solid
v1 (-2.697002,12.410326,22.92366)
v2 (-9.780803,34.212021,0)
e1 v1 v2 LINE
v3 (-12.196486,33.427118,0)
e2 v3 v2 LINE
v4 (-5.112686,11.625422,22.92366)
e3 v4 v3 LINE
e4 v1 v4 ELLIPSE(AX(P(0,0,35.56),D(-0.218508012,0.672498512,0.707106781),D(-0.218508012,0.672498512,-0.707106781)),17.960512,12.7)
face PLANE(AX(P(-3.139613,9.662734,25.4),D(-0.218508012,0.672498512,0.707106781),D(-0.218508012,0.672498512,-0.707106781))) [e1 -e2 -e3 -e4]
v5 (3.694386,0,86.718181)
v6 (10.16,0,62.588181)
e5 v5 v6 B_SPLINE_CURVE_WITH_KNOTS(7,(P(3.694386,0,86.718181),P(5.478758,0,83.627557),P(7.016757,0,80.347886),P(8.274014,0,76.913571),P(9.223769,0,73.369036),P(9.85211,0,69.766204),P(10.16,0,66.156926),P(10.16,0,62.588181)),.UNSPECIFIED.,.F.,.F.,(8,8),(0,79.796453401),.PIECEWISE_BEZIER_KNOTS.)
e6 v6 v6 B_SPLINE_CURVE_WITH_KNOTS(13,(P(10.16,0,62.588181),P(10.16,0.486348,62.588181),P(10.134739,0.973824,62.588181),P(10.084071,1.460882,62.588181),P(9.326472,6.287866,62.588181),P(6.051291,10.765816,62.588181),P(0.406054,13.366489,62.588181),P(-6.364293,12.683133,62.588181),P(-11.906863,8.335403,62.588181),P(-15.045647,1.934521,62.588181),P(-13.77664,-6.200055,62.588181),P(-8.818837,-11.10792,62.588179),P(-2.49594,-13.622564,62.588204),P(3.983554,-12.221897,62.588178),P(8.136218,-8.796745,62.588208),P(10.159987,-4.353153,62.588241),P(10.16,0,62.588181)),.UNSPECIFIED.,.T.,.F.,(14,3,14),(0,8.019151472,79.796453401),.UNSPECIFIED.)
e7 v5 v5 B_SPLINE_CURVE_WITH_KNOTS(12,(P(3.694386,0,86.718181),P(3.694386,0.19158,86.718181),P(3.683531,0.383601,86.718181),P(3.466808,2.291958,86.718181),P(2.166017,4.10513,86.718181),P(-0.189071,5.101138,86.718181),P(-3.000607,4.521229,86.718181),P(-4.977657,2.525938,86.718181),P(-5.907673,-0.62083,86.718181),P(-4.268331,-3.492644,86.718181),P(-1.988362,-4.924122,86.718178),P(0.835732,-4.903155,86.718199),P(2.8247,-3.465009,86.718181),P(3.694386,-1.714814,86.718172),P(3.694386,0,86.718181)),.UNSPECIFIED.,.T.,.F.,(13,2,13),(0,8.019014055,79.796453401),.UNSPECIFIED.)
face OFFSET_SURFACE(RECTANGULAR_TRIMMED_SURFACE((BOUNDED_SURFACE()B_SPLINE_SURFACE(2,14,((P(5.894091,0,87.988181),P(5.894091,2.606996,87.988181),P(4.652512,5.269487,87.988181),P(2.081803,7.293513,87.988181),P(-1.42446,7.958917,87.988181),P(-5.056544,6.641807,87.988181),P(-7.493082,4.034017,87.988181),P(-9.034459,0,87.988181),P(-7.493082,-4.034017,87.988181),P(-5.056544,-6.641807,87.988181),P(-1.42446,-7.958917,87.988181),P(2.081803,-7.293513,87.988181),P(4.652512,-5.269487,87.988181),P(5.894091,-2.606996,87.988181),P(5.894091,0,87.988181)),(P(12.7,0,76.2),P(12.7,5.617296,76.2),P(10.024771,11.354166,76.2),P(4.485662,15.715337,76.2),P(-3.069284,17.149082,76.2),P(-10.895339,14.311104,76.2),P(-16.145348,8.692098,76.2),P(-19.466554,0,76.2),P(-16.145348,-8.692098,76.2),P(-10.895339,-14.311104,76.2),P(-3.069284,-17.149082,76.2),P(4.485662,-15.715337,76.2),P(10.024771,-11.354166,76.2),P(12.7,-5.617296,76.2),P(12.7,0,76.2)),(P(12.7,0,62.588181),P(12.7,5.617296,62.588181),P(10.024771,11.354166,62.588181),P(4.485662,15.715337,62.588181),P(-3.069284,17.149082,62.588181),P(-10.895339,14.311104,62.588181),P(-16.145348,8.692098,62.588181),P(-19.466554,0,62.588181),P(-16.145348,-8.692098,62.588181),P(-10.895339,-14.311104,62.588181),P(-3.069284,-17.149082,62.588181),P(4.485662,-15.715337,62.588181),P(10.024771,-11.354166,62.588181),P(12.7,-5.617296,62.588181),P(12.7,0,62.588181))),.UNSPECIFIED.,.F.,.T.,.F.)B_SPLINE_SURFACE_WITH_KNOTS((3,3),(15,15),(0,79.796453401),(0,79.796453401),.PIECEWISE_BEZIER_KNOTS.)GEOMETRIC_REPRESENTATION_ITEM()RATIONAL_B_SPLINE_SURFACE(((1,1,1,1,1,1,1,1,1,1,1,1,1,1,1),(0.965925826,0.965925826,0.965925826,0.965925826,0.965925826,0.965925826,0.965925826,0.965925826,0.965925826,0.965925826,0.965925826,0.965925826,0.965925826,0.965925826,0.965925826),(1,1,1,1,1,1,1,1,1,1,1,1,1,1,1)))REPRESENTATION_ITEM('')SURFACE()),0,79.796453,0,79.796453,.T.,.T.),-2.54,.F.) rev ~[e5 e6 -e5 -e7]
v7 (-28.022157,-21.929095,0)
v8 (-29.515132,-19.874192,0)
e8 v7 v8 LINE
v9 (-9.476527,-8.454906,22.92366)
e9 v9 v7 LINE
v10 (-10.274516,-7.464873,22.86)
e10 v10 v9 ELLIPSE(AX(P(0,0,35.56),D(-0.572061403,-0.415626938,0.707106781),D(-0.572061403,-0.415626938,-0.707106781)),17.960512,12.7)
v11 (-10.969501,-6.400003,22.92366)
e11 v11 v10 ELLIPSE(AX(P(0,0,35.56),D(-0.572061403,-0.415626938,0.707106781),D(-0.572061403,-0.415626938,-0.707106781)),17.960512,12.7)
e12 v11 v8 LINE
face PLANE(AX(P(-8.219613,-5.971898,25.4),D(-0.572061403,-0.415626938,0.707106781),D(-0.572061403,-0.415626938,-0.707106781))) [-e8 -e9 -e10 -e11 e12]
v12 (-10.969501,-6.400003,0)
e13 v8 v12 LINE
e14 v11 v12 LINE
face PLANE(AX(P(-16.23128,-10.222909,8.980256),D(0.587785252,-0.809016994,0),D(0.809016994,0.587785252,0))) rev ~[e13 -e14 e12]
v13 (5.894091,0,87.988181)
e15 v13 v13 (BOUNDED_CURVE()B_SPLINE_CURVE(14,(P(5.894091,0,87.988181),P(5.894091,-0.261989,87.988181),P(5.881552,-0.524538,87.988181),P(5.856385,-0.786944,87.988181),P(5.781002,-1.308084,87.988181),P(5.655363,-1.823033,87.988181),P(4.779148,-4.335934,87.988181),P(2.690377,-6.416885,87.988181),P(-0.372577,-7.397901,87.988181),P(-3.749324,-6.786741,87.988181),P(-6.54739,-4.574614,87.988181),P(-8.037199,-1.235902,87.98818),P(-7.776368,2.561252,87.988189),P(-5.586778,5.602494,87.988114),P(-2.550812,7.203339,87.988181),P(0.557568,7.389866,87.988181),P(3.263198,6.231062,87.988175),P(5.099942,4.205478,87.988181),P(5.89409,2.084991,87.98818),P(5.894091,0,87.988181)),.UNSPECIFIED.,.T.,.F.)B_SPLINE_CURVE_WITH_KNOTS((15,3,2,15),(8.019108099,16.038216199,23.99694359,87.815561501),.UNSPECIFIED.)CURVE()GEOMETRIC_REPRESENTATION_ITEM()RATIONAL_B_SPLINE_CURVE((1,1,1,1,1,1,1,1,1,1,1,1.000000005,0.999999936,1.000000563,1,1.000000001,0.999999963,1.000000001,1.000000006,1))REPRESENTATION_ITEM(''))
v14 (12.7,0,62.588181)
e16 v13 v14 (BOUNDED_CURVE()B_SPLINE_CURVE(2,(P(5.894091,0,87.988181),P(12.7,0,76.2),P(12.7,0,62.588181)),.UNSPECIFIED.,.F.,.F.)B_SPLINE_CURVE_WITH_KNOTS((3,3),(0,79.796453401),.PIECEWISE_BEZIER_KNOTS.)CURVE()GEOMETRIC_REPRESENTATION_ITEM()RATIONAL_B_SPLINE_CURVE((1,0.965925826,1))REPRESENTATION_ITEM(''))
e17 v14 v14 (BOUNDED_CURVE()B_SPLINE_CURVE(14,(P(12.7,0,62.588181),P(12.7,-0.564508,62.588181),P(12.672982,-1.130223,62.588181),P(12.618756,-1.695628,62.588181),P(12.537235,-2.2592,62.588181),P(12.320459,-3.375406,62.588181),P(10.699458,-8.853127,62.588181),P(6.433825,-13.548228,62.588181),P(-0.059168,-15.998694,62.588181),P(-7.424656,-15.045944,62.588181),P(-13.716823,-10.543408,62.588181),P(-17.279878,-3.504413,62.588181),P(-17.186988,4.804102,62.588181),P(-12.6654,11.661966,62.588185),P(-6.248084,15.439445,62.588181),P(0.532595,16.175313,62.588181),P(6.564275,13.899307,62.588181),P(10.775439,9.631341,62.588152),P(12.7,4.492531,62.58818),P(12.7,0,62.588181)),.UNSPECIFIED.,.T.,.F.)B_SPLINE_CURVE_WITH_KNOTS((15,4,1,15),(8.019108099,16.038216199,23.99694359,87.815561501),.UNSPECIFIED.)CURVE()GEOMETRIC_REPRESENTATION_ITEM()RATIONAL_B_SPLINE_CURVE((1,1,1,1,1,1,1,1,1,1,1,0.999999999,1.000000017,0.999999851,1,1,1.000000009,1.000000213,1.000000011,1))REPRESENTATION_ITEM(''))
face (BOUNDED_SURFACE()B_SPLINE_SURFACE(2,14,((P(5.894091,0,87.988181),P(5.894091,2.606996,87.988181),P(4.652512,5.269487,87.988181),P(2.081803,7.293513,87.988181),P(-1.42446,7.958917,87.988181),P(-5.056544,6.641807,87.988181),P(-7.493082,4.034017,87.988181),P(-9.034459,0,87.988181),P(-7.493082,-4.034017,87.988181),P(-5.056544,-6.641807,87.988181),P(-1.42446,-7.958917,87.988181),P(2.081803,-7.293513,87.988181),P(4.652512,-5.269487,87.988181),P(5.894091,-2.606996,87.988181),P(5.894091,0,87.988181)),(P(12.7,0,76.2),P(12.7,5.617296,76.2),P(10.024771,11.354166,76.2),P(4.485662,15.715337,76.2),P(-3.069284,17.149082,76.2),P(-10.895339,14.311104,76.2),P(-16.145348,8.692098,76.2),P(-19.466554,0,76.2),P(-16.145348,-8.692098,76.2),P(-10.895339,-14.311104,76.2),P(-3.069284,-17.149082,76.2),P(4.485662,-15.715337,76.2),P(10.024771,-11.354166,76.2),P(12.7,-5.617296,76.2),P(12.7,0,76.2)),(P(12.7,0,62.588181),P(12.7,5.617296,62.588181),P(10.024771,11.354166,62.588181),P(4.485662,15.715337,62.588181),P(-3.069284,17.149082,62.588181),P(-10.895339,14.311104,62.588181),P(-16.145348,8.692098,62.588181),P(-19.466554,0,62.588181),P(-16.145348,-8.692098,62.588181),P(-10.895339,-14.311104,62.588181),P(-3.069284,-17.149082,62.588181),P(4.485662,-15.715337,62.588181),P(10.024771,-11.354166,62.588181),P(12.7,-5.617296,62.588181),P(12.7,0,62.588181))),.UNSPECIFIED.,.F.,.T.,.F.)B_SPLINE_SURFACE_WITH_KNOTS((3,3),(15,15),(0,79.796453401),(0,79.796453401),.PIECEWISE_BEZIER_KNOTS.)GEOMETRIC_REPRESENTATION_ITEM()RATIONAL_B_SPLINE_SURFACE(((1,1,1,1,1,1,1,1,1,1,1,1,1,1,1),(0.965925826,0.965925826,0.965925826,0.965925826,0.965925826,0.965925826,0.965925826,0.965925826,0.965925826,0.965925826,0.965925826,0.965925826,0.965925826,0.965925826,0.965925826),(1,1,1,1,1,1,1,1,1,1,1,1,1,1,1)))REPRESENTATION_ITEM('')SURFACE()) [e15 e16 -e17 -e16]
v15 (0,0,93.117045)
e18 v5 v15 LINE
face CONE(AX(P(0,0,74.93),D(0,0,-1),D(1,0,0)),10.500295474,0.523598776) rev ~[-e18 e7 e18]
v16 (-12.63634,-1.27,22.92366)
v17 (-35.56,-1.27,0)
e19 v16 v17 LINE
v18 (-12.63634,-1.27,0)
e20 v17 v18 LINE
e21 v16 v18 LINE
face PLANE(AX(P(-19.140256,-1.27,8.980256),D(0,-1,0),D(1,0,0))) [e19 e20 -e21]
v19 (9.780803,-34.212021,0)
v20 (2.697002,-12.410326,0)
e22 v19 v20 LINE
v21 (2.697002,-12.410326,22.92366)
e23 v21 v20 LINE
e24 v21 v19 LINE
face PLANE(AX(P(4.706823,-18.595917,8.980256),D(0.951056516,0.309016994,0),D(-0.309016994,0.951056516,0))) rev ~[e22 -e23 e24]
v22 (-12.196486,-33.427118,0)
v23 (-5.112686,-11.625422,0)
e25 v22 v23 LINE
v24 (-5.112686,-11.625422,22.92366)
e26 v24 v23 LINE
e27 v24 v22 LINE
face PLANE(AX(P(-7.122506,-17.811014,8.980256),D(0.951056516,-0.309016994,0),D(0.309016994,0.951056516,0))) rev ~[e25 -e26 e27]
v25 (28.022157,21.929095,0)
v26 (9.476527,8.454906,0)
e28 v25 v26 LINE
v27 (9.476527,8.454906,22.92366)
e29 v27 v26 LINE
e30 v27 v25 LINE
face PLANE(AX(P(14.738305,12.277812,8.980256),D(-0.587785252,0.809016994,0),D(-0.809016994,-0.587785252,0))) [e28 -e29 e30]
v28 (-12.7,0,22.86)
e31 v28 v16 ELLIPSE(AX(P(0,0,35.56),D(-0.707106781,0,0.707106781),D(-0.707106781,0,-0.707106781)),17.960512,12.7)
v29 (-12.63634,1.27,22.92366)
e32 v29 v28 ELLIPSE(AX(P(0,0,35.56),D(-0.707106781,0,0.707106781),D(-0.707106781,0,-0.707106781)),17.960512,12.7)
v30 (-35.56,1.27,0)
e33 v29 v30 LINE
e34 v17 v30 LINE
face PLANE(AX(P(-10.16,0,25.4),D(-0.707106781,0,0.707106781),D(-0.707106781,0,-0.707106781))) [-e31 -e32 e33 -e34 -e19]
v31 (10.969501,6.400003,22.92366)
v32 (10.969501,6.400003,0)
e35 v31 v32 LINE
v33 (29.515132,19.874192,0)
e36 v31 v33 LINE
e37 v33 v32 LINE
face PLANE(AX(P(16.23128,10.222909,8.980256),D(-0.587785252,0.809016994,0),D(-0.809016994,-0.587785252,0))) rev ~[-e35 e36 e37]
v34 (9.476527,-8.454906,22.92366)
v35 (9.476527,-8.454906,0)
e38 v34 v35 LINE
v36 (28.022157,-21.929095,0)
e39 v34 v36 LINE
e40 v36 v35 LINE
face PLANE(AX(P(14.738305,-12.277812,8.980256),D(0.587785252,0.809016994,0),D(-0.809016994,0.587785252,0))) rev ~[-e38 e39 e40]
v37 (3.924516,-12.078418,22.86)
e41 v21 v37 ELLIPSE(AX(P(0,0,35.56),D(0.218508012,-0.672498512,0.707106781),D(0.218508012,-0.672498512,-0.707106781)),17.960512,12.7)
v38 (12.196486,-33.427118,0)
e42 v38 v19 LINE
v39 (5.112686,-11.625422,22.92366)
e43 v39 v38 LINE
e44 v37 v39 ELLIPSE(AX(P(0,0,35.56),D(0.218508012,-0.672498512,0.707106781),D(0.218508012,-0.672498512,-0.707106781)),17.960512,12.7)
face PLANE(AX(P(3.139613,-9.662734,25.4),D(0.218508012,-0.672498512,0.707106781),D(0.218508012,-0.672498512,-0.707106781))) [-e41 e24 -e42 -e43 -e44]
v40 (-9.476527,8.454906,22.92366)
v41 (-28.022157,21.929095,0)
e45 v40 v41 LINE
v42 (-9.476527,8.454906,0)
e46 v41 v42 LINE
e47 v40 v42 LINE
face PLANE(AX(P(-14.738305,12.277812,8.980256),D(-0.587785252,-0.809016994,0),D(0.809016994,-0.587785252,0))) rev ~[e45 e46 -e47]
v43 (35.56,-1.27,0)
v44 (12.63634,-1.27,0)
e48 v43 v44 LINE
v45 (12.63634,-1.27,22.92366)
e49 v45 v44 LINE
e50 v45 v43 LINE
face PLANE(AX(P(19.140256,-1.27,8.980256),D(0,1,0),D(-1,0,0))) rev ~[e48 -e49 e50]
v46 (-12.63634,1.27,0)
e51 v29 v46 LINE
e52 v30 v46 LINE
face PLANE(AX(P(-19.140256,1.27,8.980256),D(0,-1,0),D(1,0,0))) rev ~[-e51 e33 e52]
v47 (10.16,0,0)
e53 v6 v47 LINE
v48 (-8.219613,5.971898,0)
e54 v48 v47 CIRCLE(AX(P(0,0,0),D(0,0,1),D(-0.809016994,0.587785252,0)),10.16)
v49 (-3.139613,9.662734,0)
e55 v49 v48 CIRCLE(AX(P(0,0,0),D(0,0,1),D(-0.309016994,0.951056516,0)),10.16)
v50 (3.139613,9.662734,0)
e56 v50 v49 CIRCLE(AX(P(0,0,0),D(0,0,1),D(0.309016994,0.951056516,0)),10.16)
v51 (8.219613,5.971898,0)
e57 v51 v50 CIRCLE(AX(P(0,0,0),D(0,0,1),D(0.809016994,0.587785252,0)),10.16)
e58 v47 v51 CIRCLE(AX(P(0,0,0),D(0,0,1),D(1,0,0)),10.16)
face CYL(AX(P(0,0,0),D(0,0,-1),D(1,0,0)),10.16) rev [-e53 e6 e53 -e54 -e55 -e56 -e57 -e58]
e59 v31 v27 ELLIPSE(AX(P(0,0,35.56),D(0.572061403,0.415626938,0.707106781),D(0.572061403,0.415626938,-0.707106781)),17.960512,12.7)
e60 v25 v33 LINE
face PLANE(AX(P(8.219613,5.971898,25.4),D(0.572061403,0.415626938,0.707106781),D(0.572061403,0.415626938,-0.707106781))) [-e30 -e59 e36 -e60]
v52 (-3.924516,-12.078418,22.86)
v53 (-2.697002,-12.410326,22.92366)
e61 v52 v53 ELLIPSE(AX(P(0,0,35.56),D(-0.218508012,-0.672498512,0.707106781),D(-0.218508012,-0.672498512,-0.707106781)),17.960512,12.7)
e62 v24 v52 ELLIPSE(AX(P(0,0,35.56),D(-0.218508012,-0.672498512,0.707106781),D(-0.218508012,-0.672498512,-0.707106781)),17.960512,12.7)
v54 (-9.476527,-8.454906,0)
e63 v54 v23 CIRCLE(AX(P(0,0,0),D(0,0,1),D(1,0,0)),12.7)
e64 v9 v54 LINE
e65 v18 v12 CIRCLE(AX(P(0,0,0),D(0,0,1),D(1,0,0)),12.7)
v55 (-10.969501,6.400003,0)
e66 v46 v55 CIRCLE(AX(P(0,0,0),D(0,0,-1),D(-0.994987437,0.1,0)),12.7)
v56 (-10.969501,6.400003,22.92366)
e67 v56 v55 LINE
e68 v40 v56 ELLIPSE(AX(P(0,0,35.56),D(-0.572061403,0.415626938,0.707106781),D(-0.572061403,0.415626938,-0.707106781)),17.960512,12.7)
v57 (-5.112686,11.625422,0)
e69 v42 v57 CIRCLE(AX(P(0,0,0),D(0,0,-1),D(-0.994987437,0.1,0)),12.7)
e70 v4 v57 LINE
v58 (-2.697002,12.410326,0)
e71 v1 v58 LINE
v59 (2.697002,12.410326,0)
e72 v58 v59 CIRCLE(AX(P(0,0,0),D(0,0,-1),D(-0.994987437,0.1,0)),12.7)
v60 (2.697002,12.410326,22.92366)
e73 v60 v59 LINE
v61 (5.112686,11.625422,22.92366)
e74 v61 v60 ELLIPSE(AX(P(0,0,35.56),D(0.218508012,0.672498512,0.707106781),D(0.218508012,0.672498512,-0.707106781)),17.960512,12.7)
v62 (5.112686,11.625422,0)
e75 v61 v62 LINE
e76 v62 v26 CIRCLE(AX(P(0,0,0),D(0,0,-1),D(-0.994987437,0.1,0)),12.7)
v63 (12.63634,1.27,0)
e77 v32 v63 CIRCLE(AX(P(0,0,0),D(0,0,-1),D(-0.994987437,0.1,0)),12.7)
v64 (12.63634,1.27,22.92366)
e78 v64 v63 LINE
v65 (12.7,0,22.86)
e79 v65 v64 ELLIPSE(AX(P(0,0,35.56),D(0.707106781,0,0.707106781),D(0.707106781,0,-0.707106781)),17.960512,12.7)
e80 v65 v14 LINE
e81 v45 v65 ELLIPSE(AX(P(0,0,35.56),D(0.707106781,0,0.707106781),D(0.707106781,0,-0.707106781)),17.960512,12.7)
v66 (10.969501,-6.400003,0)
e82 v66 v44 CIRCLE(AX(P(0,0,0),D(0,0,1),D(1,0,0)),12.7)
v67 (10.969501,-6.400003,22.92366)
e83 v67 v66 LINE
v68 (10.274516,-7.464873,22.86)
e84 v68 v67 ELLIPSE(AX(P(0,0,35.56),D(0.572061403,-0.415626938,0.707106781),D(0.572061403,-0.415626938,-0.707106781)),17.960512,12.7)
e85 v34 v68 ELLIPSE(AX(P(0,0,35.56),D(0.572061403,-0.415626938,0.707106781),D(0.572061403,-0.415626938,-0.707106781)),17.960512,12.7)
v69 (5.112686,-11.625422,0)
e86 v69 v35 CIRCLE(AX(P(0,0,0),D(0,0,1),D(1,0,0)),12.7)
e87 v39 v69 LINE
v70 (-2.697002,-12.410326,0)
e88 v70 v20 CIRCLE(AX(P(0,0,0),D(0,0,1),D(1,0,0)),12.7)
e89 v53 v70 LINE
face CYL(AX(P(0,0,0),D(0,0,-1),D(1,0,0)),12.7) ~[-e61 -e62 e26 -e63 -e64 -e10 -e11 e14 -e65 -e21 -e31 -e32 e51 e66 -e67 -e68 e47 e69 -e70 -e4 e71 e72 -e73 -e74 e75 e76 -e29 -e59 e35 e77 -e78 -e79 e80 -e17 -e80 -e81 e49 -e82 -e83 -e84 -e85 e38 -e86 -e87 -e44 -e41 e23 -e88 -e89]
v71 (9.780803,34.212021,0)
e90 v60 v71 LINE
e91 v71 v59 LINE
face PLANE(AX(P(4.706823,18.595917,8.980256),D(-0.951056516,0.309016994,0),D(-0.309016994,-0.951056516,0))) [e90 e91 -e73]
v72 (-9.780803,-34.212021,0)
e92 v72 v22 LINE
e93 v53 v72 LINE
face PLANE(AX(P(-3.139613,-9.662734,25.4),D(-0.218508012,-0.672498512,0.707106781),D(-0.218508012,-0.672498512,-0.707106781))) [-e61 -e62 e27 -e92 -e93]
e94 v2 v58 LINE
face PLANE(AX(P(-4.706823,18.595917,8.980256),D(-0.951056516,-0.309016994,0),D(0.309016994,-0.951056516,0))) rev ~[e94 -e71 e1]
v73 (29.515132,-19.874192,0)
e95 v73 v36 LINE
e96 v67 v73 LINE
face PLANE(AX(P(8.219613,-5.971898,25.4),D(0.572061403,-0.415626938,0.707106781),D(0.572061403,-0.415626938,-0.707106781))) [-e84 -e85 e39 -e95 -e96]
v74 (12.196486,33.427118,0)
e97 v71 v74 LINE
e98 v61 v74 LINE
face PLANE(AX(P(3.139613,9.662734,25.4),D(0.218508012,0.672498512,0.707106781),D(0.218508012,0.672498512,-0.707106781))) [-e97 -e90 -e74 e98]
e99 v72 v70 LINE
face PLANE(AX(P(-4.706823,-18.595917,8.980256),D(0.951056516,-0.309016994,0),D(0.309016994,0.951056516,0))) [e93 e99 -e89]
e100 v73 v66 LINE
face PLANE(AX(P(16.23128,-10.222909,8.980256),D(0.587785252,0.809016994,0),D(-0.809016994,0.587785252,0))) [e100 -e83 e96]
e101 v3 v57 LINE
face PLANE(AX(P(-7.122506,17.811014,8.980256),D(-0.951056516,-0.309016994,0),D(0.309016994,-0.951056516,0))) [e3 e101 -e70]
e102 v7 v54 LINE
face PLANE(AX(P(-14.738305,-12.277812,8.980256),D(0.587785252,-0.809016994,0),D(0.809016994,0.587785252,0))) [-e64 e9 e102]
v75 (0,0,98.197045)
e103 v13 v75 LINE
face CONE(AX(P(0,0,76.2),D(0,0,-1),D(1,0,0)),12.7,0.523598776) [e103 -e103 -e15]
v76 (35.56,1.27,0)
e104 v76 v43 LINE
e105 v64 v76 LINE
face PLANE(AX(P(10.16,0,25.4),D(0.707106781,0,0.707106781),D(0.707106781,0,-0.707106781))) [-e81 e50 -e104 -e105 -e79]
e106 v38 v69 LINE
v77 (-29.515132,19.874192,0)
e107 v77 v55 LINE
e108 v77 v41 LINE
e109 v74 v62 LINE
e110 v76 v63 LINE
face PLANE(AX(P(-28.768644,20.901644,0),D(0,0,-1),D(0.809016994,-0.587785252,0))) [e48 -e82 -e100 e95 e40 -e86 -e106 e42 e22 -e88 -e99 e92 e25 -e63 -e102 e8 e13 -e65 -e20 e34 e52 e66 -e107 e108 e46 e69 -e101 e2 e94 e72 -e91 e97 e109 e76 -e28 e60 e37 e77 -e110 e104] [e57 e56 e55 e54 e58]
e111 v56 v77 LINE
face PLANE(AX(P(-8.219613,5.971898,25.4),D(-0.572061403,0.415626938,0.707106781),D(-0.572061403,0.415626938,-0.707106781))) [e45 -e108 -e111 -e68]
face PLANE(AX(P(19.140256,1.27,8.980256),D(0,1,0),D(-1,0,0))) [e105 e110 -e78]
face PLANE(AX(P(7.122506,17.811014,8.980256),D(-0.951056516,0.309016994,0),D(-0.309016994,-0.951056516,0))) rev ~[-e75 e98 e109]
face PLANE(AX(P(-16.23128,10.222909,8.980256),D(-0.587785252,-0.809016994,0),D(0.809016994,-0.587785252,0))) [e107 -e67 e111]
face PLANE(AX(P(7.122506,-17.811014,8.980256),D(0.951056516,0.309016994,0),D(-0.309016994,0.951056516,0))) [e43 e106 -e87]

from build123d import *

# Parameters (mm, degrees)
F0_R      = 12.7
F1_DEPTH  = 76.2
F1_FACE_R = 12.7
F2_DEPTH  = 25.4
F2_TAPER  = 30
F3_R      = 50.8
F4_T      = -2.54
F6_DEPTH  = 1.27
F7_COUNT  = 10


with BuildPart() as f1:
    # F0 (on Top) → F1 (new body)
    with BuildSketch(Plane.XY):
        Circle(F0_R)
    extrude(amount=F1_DEPTH)

    # F1_face (on face) → F2 (join)
    with BuildSketch(Plane.XY.offset(76.2)):
        Circle(F1_FACE_R)
    extrude(amount=F2_DEPTH, taper=F2_TAPER)

    # F3
    f3_edges = [f1.edges().sort_by_distance(p)[0] for p in [
        (-12.7, 0, 76.2),
    ]]
    fillet(f3_edges, radius=F3_R)

    # F4
    f4_openings = [f1.faces().sort_by_distance(p)[0] for p in [
        (0, 0, 0),
    ]]
    offset(amount=F4_T, openings=f4_openings)

    # F5 (on Front) → F6 (join, symmetric)
    with BuildSketch(Plane.XZ):
        Polygon((-35.56, 0), (-10.16, 0), (-10.16, 25.4), align=None)
    extrude(amount=F6_DEPTH, both=True)

    # F7: F1 ×10 about axis
    f7_axis = Axis((0, 0, 0), (0, 0, 1))


with BuildPart() as f1_1:
    add(f1.part)
    for i in range(1, F7_COUNT):
        add(f1.part.rotate(f7_axis, i * 360 / F7_COUNT))


solid = f1_1.part
